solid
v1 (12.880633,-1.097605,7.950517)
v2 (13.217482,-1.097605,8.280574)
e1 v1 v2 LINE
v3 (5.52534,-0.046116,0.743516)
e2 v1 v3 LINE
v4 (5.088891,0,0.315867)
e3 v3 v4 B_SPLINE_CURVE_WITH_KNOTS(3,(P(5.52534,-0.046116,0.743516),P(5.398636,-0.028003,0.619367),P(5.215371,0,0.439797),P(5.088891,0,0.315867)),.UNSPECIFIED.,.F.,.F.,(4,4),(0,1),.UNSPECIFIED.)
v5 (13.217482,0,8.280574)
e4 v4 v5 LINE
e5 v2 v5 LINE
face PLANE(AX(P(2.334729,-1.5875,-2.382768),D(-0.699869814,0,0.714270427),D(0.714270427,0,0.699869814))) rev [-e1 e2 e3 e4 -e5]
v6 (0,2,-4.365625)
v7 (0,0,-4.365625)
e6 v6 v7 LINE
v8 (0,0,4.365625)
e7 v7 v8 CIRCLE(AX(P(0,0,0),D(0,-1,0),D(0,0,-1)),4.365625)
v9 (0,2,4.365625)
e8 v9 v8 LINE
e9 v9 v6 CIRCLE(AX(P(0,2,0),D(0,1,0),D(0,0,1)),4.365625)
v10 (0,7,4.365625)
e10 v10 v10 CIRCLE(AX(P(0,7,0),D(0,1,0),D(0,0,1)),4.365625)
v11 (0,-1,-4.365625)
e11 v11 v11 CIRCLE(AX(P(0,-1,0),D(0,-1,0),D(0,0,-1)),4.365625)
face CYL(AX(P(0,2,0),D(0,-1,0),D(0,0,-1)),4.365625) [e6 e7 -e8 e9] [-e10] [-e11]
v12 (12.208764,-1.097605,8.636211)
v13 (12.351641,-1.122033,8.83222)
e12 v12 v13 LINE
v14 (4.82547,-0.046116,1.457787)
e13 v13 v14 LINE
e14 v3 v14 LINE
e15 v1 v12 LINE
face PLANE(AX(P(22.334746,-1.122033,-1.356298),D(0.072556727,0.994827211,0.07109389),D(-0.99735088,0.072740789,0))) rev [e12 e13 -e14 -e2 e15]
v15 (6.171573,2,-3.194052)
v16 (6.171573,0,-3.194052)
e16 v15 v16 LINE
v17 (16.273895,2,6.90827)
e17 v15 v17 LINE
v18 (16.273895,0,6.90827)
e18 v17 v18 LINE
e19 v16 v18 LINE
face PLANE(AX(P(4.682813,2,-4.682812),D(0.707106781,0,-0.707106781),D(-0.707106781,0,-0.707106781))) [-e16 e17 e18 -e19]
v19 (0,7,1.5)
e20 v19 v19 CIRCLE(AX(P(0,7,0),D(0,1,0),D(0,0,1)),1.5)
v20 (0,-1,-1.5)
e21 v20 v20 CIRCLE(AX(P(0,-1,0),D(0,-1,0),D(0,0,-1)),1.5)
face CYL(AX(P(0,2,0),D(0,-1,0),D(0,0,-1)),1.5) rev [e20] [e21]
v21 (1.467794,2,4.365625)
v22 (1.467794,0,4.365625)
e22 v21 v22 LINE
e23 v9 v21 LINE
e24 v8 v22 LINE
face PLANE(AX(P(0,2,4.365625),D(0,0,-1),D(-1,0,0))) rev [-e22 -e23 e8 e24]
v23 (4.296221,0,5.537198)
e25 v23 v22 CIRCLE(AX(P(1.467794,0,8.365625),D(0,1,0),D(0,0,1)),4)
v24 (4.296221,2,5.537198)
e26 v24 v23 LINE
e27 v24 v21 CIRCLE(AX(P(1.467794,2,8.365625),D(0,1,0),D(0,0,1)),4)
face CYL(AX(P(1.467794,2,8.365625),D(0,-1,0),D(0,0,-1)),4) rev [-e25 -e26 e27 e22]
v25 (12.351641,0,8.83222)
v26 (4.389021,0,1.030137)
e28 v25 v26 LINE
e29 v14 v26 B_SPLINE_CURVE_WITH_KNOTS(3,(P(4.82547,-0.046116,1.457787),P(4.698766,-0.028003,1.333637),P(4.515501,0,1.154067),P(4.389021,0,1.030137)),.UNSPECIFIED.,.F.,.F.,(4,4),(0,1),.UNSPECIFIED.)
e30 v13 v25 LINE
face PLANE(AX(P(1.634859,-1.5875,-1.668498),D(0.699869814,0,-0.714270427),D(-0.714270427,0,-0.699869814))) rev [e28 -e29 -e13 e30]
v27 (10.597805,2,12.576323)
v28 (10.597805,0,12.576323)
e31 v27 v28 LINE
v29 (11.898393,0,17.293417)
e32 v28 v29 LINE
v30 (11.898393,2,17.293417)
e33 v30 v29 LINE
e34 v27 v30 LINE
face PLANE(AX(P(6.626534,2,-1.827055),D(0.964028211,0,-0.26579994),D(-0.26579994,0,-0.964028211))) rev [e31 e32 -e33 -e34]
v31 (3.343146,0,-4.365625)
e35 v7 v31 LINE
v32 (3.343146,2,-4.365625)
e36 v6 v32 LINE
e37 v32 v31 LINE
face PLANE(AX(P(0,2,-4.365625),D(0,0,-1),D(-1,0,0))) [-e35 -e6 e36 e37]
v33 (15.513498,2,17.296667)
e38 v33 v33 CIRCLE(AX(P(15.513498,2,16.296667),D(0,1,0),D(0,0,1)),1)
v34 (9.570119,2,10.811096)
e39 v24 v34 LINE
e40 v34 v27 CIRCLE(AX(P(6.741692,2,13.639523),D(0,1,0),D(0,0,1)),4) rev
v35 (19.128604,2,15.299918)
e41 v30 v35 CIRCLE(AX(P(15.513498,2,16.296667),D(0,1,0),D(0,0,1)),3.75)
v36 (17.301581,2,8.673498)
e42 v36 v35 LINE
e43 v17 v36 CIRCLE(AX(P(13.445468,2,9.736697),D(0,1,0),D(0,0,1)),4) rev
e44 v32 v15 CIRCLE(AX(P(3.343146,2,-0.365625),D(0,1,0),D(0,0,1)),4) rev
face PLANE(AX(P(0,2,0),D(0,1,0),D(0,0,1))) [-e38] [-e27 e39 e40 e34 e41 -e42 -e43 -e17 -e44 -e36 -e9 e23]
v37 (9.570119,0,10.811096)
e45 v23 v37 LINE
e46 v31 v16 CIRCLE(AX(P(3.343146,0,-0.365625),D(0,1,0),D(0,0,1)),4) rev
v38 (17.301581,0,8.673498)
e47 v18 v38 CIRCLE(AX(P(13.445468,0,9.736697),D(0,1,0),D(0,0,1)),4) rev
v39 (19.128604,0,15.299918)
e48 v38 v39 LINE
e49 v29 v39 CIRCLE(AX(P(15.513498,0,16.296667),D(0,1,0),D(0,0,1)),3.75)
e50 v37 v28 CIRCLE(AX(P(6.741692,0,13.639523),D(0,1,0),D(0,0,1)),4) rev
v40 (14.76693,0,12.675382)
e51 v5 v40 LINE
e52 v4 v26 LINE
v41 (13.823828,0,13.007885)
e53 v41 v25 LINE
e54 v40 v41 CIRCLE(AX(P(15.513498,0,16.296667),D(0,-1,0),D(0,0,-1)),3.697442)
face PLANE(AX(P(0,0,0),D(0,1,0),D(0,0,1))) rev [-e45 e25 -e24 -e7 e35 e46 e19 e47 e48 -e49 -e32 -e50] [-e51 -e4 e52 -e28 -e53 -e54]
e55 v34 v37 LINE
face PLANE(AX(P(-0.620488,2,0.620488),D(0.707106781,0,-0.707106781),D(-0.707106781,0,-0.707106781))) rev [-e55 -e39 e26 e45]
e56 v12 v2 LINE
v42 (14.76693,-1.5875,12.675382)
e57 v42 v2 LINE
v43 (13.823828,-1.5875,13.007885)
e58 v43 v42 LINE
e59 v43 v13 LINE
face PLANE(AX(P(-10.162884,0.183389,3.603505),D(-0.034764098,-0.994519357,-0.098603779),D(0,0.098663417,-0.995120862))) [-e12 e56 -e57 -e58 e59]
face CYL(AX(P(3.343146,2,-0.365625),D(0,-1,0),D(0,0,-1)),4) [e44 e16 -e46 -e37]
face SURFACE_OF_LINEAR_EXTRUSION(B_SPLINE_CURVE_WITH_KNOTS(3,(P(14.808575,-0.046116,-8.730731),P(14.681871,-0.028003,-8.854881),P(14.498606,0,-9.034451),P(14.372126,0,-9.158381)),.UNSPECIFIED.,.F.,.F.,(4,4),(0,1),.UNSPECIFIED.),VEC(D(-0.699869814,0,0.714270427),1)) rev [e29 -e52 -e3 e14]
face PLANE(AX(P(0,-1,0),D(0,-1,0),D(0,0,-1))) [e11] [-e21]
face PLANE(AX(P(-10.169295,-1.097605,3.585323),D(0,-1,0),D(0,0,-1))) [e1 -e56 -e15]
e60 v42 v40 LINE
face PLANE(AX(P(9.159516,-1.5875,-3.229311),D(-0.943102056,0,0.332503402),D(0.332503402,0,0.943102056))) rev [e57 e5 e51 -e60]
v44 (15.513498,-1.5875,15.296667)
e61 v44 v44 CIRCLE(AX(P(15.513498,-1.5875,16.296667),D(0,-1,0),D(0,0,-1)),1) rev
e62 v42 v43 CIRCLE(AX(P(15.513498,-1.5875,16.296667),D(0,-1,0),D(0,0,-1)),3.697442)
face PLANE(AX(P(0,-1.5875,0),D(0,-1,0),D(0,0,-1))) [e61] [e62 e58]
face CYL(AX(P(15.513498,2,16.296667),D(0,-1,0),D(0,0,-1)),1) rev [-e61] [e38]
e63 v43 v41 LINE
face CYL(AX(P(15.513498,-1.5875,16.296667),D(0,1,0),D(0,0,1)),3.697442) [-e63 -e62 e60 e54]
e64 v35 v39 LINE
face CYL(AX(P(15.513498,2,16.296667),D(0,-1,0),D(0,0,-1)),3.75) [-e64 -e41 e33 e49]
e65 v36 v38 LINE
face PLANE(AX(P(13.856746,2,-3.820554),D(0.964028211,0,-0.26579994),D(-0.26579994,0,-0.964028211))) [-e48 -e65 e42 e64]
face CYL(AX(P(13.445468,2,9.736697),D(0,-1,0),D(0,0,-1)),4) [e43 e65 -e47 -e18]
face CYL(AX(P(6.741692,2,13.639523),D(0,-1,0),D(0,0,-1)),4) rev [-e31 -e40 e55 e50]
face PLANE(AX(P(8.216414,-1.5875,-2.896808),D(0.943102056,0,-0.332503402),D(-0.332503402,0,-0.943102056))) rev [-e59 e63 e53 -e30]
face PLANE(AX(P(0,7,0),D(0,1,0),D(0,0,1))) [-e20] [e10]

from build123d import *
from build123d.topology import SkipClean

# Parameters (mm, degrees)
SKETCH1_R           = 4.365625
SKETCH1_R_2         = 1.5
SKETCH1_R_3         = 3.75
SKETCH1_R_4         = 1
BOSS_EXTRUDE1_DEPTH = 2
BOSS_EXTRUDE2_START = 1.5875
SKETCH2_R           = 3.697441577
SKETCH2_R_2         = 1
BOSS_EXTRUDE2_DEPTH = 1.5875
SKETCH3_W           = 10.440578203
SKETCH3_H           = 0.489894741
CUT_EXTRUDE1_DEPTH  = 27.994455117
CUT_EXTRUDE3_DEPTH  = 29.041350462
BOSS_EXTRUDE3_START = 1
SKETCH6_R           = 4.365625
SKETCH6_R_2         = 1.5
BOSS_EXTRUDE3_DEPTH = 1
SKETCH7_R           = 4.365625
SKETCH7_R_2         = 1.5
BOSS_EXTRUDE4_DEPTH = 5


with BuildPart() as part:
    # Sketch1 → Boss-Extrude1 (new body)
    # profile 1 of 3: a face of its own
    with BuildSketch(Plane(origin=(0, 0, 0), x_dir=(1, 0, 0), z_dir=(0, 1, 0))):
        with BuildLine():
            Line((3.343145751, 4.365625), (0, 4.365625))
            ThreePointArc((0, 4.365625), (3.086963042, 3.086963042), (4.365625, 0))
            ThreePointArc((4.365625, 0), (3.086963042, -3.086963042), (0, -4.365625))
            Line((0, -4.365625), (1.467794033, -4.365625))
            ThreePointArc((1.467794033, -4.365625), (2.998527762, -4.67010687), (4.296221157, -5.537197875))
            Line((4.296221157, -5.537197875), (9.570119263, -10.81109598))
            ThreePointArc((9.570119263, -10.81109598), (10.198536879, -11.627006165), (10.597804983, -12.576323346))
            Line((10.597804983, -12.576323346), (11.898392678, -17.293417078))
            ThreePointArc((11.898392678, -17.293417078), (14.516748696, -12.681561512), (19.128604262, -15.29991753))
            Line((19.128604262, -15.29991753), (17.301580945, -8.673497591))
            ThreePointArc((17.301580945, -8.673497591), (16.902312841, -7.724180409), (16.273895225, -6.908270225))
            Line((16.273895225, -6.908270225), (6.171572875, 3.194052125))
            ThreePointArc((6.171572875, 3.194052125), (4.87387948, 4.06114313), (3.343145751, 4.365625))
        make_face()
    # profile 2 of 3: a face of its own
    with BuildSketch(Plane(origin=(0, 0, 0), x_dir=(1, 0, 0), z_dir=(0, 1, 0))):
        Circle(SKETCH1_R)
        with Locations(Location((0, 0, 0), (0, 0, 270))):
            Circle(SKETCH1_R_2, mode=Mode.SUBTRACT)
    # profile 3 of 3: a face of its own
    with BuildSketch(Plane(origin=(0, 0, 0), x_dir=(1, 0, 0), z_dir=(0, 1, 0))):
        with Locations((15.51349847, -16.296667304)):
            Circle(SKETCH1_R_3)
        with Locations(Location((15.51349847, -16.296667304, 0), (0, 0, 270))):
            Circle(SKETCH1_R_4, mode=Mode.SUBTRACT)
    extrude(amount=BOSS_EXTRUDE1_DEPTH)

    # Sketch2 → Boss-Extrude2 (add)
    # profile 1 of 2: a face of its own
    with SkipClean():  # the faces are left unmerged after this step: merging them gives an invalid solid
        with BuildSketch(Plane.XZ.offset(BOSS_EXTRUDE2_START)):
            with BuildLine():
                ThreePointArc((14.766930457, 12.675381563), (14.284086567, 12.809602551), (13.823828401, 13.007884965))
                Line((13.823828401, 13.007884965), (12.351641282, 8.832220322))
                Line((12.351641282, 8.832220322), (4.20896111, 0.85370709))
                Line((4.20896111, 0.85370709), (4.908830924, 0.139436662))
                Line((4.908830924, 0.139436662), (13.217481616, 8.280574235))
                Line((13.217481616, 8.280574235), (14.766930457, 12.675381563))
            make_face()
        # profile 2 of 2: a face of its own
        with BuildSketch(Plane.XZ.offset(BOSS_EXTRUDE2_START)):
            with Locations((15.51349847, 16.296667304)):
                Circle(SKETCH2_R)
            with Locations(Location((15.51349847, 16.296667304, 0), (0, 0, 270))):
                Circle(SKETCH2_R_2, mode=Mode.SUBTRACT)
        extrude(amount=-BOSS_EXTRUDE2_DEPTH)

    # Sketch3 → Cut-Extrude1 (cut, through all)
    with SkipClean():  # the faces are left unmerged after this step: merging them gives an invalid solid
        with BuildSketch(Plane(origin=(9.159515606, 0, -3.229311271), x_dir=(-0.33250340190554584, 0, -0.9431020558355491), z_dir=(0.9431020558355491, 0, -0.33250340190554584))):
            with Locations((-6.983995086, -1.34255263)):
                Rectangle(SKETCH3_W, SKETCH3_H)
            Polygon((-12.204284187, -1.097605259), (-16.864233023, -1.5875), (-12.204284187, -1.5875), align=None)
        extrude(amount=-CUT_EXTRUDE1_DEPTH, mode=Mode.SUBTRACT)

    # Sketch5 → Cut-Extrude3 (cut, through all)
    with SkipClean():  # the faces are left unmerged after this step: merging them gives an invalid solid
        with BuildSketch(Plane(origin=(1.634858863, 0, -1.668497934), x_dir=(0.7142704274254688, 0, 0.6998698139693111), z_dir=(-0.6998698139693111, 0, 0.7142704274254688))):
            with BuildLine():
                Line((15.003816491, -1.122033372), (4.466951764, -0.046116385))
                add(Edge.make_bspline(
                    [(3.855909999, 0), (4.032985789, 0), (4.289562434, -0.028003199), (4.466951764, -0.046116385)],
                    knots=[0, 0, 0, 0, 1, 1, 1, 1], degree=3))
                Line((3.855909999, 0), (3.579570092, 0))
                Line((3.579570092, 0), (3.579570092, -1.146381057))
                Line((3.579570092, -1.146381057), (15.003816491, -1.122033372))
            make_face()
        extrude(amount=-CUT_EXTRUDE3_DEPTH, mode=Mode.SUBTRACT)

    # Sketch6 → Boss-Extrude3 (add)
    with SkipClean():  # the faces are left unmerged after this step: merging them gives an invalid solid
        with BuildSketch(Plane.XZ.offset(BOSS_EXTRUDE3_START)):
            with Locations(Location((0, 0, 0), (0, 0, 270))):
                Circle(SKETCH6_R)
            with Locations(Location((0, 0, 0), (0, 0, 270))):
                Circle(SKETCH6_R_2, mode=Mode.SUBTRACT)
        extrude(amount=-BOSS_EXTRUDE3_DEPTH)

    # Sketch7 → Boss-Extrude4 (add)
    with BuildSketch(Plane(origin=(0, 2, 0), x_dir=(1, 0, 0), z_dir=(0, 1, 0))):
        with Locations(Location((0, 0, 0), (0, 0, 90))):
            Circle(SKETCH7_R)
        with Locations(Location((0, 0, 0), (0, 0, 90))):
            Circle(SKETCH7_R_2, mode=Mode.SUBTRACT)
    extrude(amount=BOSS_EXTRUDE4_DEPTH)


solid = part.part
